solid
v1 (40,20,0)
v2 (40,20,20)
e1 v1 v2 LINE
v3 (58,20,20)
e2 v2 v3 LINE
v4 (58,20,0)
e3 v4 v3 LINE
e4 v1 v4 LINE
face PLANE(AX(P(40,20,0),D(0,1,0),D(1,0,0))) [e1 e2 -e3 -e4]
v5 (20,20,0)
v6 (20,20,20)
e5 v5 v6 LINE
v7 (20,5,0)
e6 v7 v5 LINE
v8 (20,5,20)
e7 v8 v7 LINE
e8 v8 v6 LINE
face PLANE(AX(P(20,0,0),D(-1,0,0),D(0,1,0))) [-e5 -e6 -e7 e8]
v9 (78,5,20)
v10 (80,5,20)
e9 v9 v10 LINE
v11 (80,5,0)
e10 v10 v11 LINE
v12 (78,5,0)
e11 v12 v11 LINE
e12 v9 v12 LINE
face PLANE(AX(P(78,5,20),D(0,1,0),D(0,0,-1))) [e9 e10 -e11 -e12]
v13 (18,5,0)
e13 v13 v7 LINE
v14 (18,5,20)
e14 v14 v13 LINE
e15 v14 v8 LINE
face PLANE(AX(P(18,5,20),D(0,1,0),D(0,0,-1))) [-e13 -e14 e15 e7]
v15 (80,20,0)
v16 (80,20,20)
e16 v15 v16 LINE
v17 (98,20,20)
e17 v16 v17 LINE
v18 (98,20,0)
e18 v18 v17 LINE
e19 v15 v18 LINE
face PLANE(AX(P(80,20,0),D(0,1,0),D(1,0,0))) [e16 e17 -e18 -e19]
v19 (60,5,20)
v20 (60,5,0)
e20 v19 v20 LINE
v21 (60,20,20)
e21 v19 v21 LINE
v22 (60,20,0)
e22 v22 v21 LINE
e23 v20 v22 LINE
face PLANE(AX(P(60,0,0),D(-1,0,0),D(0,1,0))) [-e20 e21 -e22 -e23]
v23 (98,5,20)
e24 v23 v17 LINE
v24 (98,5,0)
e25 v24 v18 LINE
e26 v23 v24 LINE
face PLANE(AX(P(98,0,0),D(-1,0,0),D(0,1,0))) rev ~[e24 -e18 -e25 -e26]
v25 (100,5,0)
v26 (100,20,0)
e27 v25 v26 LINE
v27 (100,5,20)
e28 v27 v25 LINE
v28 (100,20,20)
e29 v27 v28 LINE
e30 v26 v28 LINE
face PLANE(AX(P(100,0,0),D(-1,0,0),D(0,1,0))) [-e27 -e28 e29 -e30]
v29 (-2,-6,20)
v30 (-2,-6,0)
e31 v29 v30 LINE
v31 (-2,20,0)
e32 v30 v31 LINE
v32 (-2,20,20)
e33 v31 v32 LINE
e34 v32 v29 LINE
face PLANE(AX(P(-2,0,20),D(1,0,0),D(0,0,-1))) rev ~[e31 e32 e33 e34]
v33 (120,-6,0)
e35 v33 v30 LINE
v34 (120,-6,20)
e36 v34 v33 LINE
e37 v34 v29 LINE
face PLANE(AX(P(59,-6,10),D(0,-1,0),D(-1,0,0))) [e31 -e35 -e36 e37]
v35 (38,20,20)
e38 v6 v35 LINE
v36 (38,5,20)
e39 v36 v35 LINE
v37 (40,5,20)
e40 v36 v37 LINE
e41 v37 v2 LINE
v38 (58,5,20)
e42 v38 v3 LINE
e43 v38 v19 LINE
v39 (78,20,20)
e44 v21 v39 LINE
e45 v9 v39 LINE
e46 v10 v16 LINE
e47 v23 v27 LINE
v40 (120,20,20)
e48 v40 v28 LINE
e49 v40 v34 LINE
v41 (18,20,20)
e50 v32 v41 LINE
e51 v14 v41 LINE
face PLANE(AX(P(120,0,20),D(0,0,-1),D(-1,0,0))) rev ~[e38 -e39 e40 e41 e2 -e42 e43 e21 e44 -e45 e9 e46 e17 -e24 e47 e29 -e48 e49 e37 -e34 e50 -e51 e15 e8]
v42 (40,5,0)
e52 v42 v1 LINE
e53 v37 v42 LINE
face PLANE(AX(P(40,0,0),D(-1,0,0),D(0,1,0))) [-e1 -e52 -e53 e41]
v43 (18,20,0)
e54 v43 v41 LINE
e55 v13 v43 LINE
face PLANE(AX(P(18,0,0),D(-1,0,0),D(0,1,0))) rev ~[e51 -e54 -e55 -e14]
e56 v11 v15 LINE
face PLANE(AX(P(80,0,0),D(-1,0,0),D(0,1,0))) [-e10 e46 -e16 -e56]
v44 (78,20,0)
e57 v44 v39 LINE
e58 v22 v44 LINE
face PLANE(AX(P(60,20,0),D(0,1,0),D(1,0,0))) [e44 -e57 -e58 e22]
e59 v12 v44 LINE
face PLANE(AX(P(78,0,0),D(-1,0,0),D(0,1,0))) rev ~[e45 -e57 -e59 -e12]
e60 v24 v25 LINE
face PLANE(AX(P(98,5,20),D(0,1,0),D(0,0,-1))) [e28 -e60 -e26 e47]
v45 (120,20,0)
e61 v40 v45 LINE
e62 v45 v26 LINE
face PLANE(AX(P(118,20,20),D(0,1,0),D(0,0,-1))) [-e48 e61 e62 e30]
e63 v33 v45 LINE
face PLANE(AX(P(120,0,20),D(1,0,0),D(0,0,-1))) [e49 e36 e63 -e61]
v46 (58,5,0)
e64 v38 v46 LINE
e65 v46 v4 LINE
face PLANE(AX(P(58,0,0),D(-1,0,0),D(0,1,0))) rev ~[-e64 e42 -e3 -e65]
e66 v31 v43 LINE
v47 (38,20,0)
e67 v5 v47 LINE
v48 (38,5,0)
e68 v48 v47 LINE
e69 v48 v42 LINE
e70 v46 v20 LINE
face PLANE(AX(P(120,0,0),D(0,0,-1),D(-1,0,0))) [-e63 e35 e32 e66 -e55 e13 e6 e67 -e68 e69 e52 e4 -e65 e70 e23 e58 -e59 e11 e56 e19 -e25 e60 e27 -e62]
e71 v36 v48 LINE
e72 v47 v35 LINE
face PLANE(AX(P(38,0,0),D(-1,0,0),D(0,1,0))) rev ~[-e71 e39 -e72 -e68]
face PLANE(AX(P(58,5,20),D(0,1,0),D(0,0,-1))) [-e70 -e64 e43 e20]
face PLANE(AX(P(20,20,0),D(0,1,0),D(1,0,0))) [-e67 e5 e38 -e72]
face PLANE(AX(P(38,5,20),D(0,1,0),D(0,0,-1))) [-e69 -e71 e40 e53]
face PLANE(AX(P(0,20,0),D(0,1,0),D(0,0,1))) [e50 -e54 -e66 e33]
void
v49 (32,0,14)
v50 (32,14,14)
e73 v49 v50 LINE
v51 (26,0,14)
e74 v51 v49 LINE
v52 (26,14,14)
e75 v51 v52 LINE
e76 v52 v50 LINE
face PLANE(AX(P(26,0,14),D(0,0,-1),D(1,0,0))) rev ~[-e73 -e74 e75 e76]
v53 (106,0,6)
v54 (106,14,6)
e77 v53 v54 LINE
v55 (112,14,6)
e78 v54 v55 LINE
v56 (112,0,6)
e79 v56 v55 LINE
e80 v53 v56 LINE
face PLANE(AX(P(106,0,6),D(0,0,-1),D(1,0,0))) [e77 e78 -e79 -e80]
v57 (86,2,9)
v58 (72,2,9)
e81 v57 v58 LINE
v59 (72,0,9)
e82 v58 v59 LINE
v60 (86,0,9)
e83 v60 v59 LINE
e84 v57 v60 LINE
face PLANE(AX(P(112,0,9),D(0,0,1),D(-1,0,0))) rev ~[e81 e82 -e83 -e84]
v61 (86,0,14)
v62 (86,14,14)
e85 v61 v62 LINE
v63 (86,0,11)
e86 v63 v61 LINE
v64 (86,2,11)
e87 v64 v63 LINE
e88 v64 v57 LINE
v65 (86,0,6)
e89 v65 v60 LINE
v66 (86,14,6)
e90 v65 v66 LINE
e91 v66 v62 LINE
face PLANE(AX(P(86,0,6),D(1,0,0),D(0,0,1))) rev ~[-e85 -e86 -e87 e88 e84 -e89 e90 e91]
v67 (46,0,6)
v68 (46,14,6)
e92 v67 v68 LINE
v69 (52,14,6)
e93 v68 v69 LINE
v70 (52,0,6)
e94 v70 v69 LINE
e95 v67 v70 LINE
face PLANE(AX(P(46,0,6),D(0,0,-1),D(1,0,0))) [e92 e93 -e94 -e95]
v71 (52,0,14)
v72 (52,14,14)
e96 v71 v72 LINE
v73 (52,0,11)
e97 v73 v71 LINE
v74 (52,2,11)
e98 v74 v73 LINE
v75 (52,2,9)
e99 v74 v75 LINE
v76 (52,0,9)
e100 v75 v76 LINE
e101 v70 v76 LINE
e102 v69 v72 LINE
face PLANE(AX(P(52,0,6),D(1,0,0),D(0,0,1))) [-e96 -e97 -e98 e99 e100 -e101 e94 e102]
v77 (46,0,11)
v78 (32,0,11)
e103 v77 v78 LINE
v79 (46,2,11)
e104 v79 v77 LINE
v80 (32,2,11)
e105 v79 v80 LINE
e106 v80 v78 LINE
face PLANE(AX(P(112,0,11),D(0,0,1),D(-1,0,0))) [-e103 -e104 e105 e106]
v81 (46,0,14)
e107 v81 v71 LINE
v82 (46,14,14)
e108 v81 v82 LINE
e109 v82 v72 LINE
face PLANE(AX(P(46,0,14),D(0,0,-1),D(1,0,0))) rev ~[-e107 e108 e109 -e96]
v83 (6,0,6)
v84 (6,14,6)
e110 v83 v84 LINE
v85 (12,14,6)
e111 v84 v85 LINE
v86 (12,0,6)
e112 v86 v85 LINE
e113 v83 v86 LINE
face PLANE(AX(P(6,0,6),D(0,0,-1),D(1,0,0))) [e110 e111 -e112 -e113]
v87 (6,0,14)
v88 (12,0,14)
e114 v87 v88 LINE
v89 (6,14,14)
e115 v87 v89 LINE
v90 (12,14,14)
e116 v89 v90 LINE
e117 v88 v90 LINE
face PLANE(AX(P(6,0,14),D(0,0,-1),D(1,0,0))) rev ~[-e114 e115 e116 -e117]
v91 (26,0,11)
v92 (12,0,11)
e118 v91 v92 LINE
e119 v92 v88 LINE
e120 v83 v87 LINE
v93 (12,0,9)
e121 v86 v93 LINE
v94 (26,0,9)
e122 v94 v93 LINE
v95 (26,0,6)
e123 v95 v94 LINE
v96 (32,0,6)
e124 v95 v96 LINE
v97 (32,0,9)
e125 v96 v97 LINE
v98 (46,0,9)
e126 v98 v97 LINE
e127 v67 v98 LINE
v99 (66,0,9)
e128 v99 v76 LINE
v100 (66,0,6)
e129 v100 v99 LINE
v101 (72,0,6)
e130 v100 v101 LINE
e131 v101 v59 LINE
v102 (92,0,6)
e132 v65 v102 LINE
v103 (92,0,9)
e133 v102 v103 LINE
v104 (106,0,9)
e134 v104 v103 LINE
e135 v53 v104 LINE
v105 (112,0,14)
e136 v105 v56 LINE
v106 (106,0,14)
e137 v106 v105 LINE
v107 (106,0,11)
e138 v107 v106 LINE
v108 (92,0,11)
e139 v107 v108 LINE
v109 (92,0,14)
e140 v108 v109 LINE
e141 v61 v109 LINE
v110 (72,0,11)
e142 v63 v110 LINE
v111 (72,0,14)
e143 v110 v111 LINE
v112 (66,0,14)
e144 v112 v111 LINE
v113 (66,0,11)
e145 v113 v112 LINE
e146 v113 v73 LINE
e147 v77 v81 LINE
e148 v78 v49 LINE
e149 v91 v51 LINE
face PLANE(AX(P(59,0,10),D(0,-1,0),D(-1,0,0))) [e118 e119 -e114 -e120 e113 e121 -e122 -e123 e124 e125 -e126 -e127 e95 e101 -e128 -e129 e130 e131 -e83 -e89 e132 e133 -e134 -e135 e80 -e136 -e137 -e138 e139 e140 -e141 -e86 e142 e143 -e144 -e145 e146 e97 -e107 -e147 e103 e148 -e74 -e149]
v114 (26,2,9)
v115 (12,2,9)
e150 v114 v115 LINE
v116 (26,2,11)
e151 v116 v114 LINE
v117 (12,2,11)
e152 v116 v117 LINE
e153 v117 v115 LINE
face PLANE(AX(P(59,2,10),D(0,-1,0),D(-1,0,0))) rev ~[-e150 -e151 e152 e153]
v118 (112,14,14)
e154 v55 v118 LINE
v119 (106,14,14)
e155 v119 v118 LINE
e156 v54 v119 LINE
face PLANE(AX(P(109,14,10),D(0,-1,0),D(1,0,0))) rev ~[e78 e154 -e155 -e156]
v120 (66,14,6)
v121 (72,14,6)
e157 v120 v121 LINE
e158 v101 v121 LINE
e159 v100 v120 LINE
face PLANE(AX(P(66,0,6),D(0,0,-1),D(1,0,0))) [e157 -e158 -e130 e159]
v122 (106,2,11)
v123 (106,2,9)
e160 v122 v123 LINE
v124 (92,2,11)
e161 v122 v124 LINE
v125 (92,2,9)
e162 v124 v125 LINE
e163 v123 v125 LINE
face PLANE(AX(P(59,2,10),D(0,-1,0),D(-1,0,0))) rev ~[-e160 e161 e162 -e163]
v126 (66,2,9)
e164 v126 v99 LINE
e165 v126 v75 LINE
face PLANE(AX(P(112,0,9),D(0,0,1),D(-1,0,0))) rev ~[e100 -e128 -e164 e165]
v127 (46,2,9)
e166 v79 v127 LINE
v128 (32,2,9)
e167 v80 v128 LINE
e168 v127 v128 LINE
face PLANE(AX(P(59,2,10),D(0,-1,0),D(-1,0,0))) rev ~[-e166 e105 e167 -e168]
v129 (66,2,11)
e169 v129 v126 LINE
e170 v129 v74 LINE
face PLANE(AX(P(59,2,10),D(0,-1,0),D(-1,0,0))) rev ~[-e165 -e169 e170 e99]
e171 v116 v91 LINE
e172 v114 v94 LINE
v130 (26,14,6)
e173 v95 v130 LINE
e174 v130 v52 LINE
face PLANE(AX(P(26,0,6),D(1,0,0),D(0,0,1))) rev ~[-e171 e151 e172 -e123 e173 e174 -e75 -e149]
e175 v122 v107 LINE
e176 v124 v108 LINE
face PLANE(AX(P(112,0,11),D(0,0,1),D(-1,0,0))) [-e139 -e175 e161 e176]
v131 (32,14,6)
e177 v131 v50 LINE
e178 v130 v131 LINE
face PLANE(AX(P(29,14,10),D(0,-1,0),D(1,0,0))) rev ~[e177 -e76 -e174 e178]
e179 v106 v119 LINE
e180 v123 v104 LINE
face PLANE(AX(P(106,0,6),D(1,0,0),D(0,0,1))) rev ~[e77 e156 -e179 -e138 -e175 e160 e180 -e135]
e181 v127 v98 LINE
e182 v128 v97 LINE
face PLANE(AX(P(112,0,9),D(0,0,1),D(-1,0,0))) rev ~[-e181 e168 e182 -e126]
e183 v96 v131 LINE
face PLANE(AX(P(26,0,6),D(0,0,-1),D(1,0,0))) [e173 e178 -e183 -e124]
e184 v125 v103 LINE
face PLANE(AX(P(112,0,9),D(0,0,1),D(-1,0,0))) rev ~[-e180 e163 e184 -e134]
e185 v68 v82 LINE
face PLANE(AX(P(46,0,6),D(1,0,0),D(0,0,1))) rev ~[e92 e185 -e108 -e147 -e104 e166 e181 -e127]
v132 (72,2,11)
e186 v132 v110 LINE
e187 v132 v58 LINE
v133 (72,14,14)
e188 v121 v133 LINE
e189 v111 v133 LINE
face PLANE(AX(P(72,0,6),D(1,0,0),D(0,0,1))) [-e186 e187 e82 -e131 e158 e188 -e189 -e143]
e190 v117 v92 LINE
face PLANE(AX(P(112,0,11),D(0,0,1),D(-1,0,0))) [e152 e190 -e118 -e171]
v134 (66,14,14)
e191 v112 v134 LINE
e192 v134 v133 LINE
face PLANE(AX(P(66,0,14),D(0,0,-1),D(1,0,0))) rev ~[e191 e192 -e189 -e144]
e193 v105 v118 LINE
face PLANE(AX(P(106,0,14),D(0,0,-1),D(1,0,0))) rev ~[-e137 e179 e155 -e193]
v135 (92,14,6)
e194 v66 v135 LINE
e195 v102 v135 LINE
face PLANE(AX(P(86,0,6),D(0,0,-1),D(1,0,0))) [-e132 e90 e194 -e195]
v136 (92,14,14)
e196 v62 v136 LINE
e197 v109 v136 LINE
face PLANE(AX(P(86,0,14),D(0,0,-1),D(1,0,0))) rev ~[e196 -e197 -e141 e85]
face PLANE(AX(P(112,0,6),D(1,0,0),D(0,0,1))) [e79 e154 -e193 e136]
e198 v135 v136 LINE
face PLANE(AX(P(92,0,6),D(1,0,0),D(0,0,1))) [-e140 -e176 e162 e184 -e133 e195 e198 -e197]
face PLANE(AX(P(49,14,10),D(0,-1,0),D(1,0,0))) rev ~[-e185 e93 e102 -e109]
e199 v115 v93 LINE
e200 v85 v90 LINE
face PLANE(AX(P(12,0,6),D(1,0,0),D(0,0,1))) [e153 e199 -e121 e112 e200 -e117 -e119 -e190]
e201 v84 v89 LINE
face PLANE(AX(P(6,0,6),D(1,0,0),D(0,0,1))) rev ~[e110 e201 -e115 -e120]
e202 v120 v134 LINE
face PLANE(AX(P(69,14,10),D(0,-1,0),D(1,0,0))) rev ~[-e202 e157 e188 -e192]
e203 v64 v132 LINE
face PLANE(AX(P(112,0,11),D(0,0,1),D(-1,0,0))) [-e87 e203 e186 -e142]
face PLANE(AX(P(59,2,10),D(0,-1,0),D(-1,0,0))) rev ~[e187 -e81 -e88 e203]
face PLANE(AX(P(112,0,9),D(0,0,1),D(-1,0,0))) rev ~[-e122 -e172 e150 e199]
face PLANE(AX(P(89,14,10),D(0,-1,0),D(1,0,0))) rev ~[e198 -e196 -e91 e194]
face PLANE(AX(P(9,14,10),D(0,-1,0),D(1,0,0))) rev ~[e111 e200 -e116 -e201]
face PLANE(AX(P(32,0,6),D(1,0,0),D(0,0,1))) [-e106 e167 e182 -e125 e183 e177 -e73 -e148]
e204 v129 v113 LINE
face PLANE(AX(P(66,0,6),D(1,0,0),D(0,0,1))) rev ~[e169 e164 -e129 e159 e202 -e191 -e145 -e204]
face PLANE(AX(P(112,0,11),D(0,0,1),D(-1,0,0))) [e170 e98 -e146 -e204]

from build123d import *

# Parameters (mm, degrees)
SKETCH1_W           = 18
SKETCH1_H           = 20
BOSS_EXTRUDE1_DEPTH = 20
SKETCH2_W           = 6
SKETCH2_H           = 8
CUT_EXTRUDE1_DEPTH  = 14
SKETCH3_W           = 20
SKETCH3_H           = 5
BOSS_EXTRUDE2_DEPTH = 2
LPATTERN1_COUNT     = 6
LPATTERN1_PITCH     = 20
SKETCH4_W           = 20
SKETCH4_H           = 15
BOSS_EXTRUDE3_DEPTH = 2
SKETCH5_W           = 20
SKETCH5_H           = 20
BOSS_EXTRUDE4_DEPTH = 2
SKETCH7_W           = 106
SKETCH7_H           = 2
CUT_EXTRUDE2_DEPTH  = 2
SKETCH8_W           = 122
SKETCH8_H           = 20
BOSS_EXTRUDE5_DEPTH = 6


with BuildPart() as part:
    # Sketch1 → Boss-Extrude1 (new body)
    with BuildSketch(Plane.XY):
        with Locations((9, 10)):
            Rectangle(SKETCH1_W, SKETCH1_H)
    extrude(amount=BOSS_EXTRUDE1_DEPTH)

    # Sketch2 → Cut-Extrude1 (cut)
    with BuildSketch(Plane.XZ):
        with Locations((9, 10)):
            Rectangle(SKETCH2_W, SKETCH2_H)
    extrude(amount=-CUT_EXTRUDE1_DEPTH, mode=Mode.SUBTRACT)

    # Sketch3 → Boss-Extrude2 (add)
    with BuildSketch(Plane(origin=(18, 0, 0), x_dir=(0, 0, -1), z_dir=(1, 0, 0))):
        with Locations((-10, 2.5)):
            Rectangle(SKETCH3_W, SKETCH3_H)
    extrude(amount=BOSS_EXTRUDE2_DEPTH)


with BuildPart() as lpattern1_1:
    # LPattern1: pattern copy
    add(part.part.moved(Location(Vector(1, 0, 0) * (1 * LPATTERN1_PITCH))))


with BuildPart() as lpattern1_2:
    # LPattern1: pattern copy
    add(part.part.moved(Location(Vector(1, 0, 0) * (2 * LPATTERN1_PITCH))))


with BuildPart() as lpattern1_3:
    # LPattern1: pattern copy
    add(part.part.moved(Location(Vector(1, 0, 0) * (3 * LPATTERN1_PITCH))))


with BuildPart() as lpattern1_4:
    # LPattern1: pattern copy
    add(part.part.moved(Location(Vector(1, 0, 0) * (4 * LPATTERN1_PITCH))))


with BuildPart() as lpattern1_5:
    # LPattern1: pattern copy
    add(part.part.moved(Location(Vector(1, 0, 0) * (5 * LPATTERN1_PITCH))))

    # Sketch4 → Boss-Extrude3 (add)
    with BuildSketch(Plane(origin=(118, 0, 0), x_dir=(0, 0, -1), z_dir=(1, 0, 0))):
        with Locations((-10, 12.5)):
            Rectangle(SKETCH4_W, SKETCH4_H)
    extrude(amount=BOSS_EXTRUDE3_DEPTH)


with BuildPart() as part_1:
    add(part.part)

    # Sketch5 → Boss-Extrude4 (add)
    with BuildSketch(Plane.ZY):
        with Locations((10, 10)):
            Rectangle(SKETCH5_W, SKETCH5_H)
    extrude(amount=BOSS_EXTRUDE4_DEPTH)


with BuildPart() as lpattern1_1_1:
    add(lpattern1_1.part)

    # Combine1: union LPattern1_2, LPattern1_3, LPattern1_4, LPattern1_5, part
    add(lpattern1_2.part)
    add(lpattern1_3.part)
    add(lpattern1_4.part)
    add(lpattern1_5.part)
    add(part_1.part)

    # Sketch7 → Cut-Extrude2 (cut)
    with BuildSketch(Plane(origin=(0, 0, 0), x_dir=(-1, 0, 0), z_dir=(0, -1, 0))):
        with Locations((-59, -10)):
            Rectangle(SKETCH7_W, SKETCH7_H)
    extrude(amount=-CUT_EXTRUDE2_DEPTH, mode=Mode.SUBTRACT)

    # Sketch8 → Boss-Extrude5 (add)
    with BuildSketch(Plane(origin=(0, 0, 0), x_dir=(-1, 0, 0), z_dir=(0, -1, 0))):
        with Locations((-59, -10)):
            Rectangle(SKETCH8_W, SKETCH8_H)
    extrude(amount=BOSS_EXTRUDE5_DEPTH)


solid = lpattern1_1_1.part
